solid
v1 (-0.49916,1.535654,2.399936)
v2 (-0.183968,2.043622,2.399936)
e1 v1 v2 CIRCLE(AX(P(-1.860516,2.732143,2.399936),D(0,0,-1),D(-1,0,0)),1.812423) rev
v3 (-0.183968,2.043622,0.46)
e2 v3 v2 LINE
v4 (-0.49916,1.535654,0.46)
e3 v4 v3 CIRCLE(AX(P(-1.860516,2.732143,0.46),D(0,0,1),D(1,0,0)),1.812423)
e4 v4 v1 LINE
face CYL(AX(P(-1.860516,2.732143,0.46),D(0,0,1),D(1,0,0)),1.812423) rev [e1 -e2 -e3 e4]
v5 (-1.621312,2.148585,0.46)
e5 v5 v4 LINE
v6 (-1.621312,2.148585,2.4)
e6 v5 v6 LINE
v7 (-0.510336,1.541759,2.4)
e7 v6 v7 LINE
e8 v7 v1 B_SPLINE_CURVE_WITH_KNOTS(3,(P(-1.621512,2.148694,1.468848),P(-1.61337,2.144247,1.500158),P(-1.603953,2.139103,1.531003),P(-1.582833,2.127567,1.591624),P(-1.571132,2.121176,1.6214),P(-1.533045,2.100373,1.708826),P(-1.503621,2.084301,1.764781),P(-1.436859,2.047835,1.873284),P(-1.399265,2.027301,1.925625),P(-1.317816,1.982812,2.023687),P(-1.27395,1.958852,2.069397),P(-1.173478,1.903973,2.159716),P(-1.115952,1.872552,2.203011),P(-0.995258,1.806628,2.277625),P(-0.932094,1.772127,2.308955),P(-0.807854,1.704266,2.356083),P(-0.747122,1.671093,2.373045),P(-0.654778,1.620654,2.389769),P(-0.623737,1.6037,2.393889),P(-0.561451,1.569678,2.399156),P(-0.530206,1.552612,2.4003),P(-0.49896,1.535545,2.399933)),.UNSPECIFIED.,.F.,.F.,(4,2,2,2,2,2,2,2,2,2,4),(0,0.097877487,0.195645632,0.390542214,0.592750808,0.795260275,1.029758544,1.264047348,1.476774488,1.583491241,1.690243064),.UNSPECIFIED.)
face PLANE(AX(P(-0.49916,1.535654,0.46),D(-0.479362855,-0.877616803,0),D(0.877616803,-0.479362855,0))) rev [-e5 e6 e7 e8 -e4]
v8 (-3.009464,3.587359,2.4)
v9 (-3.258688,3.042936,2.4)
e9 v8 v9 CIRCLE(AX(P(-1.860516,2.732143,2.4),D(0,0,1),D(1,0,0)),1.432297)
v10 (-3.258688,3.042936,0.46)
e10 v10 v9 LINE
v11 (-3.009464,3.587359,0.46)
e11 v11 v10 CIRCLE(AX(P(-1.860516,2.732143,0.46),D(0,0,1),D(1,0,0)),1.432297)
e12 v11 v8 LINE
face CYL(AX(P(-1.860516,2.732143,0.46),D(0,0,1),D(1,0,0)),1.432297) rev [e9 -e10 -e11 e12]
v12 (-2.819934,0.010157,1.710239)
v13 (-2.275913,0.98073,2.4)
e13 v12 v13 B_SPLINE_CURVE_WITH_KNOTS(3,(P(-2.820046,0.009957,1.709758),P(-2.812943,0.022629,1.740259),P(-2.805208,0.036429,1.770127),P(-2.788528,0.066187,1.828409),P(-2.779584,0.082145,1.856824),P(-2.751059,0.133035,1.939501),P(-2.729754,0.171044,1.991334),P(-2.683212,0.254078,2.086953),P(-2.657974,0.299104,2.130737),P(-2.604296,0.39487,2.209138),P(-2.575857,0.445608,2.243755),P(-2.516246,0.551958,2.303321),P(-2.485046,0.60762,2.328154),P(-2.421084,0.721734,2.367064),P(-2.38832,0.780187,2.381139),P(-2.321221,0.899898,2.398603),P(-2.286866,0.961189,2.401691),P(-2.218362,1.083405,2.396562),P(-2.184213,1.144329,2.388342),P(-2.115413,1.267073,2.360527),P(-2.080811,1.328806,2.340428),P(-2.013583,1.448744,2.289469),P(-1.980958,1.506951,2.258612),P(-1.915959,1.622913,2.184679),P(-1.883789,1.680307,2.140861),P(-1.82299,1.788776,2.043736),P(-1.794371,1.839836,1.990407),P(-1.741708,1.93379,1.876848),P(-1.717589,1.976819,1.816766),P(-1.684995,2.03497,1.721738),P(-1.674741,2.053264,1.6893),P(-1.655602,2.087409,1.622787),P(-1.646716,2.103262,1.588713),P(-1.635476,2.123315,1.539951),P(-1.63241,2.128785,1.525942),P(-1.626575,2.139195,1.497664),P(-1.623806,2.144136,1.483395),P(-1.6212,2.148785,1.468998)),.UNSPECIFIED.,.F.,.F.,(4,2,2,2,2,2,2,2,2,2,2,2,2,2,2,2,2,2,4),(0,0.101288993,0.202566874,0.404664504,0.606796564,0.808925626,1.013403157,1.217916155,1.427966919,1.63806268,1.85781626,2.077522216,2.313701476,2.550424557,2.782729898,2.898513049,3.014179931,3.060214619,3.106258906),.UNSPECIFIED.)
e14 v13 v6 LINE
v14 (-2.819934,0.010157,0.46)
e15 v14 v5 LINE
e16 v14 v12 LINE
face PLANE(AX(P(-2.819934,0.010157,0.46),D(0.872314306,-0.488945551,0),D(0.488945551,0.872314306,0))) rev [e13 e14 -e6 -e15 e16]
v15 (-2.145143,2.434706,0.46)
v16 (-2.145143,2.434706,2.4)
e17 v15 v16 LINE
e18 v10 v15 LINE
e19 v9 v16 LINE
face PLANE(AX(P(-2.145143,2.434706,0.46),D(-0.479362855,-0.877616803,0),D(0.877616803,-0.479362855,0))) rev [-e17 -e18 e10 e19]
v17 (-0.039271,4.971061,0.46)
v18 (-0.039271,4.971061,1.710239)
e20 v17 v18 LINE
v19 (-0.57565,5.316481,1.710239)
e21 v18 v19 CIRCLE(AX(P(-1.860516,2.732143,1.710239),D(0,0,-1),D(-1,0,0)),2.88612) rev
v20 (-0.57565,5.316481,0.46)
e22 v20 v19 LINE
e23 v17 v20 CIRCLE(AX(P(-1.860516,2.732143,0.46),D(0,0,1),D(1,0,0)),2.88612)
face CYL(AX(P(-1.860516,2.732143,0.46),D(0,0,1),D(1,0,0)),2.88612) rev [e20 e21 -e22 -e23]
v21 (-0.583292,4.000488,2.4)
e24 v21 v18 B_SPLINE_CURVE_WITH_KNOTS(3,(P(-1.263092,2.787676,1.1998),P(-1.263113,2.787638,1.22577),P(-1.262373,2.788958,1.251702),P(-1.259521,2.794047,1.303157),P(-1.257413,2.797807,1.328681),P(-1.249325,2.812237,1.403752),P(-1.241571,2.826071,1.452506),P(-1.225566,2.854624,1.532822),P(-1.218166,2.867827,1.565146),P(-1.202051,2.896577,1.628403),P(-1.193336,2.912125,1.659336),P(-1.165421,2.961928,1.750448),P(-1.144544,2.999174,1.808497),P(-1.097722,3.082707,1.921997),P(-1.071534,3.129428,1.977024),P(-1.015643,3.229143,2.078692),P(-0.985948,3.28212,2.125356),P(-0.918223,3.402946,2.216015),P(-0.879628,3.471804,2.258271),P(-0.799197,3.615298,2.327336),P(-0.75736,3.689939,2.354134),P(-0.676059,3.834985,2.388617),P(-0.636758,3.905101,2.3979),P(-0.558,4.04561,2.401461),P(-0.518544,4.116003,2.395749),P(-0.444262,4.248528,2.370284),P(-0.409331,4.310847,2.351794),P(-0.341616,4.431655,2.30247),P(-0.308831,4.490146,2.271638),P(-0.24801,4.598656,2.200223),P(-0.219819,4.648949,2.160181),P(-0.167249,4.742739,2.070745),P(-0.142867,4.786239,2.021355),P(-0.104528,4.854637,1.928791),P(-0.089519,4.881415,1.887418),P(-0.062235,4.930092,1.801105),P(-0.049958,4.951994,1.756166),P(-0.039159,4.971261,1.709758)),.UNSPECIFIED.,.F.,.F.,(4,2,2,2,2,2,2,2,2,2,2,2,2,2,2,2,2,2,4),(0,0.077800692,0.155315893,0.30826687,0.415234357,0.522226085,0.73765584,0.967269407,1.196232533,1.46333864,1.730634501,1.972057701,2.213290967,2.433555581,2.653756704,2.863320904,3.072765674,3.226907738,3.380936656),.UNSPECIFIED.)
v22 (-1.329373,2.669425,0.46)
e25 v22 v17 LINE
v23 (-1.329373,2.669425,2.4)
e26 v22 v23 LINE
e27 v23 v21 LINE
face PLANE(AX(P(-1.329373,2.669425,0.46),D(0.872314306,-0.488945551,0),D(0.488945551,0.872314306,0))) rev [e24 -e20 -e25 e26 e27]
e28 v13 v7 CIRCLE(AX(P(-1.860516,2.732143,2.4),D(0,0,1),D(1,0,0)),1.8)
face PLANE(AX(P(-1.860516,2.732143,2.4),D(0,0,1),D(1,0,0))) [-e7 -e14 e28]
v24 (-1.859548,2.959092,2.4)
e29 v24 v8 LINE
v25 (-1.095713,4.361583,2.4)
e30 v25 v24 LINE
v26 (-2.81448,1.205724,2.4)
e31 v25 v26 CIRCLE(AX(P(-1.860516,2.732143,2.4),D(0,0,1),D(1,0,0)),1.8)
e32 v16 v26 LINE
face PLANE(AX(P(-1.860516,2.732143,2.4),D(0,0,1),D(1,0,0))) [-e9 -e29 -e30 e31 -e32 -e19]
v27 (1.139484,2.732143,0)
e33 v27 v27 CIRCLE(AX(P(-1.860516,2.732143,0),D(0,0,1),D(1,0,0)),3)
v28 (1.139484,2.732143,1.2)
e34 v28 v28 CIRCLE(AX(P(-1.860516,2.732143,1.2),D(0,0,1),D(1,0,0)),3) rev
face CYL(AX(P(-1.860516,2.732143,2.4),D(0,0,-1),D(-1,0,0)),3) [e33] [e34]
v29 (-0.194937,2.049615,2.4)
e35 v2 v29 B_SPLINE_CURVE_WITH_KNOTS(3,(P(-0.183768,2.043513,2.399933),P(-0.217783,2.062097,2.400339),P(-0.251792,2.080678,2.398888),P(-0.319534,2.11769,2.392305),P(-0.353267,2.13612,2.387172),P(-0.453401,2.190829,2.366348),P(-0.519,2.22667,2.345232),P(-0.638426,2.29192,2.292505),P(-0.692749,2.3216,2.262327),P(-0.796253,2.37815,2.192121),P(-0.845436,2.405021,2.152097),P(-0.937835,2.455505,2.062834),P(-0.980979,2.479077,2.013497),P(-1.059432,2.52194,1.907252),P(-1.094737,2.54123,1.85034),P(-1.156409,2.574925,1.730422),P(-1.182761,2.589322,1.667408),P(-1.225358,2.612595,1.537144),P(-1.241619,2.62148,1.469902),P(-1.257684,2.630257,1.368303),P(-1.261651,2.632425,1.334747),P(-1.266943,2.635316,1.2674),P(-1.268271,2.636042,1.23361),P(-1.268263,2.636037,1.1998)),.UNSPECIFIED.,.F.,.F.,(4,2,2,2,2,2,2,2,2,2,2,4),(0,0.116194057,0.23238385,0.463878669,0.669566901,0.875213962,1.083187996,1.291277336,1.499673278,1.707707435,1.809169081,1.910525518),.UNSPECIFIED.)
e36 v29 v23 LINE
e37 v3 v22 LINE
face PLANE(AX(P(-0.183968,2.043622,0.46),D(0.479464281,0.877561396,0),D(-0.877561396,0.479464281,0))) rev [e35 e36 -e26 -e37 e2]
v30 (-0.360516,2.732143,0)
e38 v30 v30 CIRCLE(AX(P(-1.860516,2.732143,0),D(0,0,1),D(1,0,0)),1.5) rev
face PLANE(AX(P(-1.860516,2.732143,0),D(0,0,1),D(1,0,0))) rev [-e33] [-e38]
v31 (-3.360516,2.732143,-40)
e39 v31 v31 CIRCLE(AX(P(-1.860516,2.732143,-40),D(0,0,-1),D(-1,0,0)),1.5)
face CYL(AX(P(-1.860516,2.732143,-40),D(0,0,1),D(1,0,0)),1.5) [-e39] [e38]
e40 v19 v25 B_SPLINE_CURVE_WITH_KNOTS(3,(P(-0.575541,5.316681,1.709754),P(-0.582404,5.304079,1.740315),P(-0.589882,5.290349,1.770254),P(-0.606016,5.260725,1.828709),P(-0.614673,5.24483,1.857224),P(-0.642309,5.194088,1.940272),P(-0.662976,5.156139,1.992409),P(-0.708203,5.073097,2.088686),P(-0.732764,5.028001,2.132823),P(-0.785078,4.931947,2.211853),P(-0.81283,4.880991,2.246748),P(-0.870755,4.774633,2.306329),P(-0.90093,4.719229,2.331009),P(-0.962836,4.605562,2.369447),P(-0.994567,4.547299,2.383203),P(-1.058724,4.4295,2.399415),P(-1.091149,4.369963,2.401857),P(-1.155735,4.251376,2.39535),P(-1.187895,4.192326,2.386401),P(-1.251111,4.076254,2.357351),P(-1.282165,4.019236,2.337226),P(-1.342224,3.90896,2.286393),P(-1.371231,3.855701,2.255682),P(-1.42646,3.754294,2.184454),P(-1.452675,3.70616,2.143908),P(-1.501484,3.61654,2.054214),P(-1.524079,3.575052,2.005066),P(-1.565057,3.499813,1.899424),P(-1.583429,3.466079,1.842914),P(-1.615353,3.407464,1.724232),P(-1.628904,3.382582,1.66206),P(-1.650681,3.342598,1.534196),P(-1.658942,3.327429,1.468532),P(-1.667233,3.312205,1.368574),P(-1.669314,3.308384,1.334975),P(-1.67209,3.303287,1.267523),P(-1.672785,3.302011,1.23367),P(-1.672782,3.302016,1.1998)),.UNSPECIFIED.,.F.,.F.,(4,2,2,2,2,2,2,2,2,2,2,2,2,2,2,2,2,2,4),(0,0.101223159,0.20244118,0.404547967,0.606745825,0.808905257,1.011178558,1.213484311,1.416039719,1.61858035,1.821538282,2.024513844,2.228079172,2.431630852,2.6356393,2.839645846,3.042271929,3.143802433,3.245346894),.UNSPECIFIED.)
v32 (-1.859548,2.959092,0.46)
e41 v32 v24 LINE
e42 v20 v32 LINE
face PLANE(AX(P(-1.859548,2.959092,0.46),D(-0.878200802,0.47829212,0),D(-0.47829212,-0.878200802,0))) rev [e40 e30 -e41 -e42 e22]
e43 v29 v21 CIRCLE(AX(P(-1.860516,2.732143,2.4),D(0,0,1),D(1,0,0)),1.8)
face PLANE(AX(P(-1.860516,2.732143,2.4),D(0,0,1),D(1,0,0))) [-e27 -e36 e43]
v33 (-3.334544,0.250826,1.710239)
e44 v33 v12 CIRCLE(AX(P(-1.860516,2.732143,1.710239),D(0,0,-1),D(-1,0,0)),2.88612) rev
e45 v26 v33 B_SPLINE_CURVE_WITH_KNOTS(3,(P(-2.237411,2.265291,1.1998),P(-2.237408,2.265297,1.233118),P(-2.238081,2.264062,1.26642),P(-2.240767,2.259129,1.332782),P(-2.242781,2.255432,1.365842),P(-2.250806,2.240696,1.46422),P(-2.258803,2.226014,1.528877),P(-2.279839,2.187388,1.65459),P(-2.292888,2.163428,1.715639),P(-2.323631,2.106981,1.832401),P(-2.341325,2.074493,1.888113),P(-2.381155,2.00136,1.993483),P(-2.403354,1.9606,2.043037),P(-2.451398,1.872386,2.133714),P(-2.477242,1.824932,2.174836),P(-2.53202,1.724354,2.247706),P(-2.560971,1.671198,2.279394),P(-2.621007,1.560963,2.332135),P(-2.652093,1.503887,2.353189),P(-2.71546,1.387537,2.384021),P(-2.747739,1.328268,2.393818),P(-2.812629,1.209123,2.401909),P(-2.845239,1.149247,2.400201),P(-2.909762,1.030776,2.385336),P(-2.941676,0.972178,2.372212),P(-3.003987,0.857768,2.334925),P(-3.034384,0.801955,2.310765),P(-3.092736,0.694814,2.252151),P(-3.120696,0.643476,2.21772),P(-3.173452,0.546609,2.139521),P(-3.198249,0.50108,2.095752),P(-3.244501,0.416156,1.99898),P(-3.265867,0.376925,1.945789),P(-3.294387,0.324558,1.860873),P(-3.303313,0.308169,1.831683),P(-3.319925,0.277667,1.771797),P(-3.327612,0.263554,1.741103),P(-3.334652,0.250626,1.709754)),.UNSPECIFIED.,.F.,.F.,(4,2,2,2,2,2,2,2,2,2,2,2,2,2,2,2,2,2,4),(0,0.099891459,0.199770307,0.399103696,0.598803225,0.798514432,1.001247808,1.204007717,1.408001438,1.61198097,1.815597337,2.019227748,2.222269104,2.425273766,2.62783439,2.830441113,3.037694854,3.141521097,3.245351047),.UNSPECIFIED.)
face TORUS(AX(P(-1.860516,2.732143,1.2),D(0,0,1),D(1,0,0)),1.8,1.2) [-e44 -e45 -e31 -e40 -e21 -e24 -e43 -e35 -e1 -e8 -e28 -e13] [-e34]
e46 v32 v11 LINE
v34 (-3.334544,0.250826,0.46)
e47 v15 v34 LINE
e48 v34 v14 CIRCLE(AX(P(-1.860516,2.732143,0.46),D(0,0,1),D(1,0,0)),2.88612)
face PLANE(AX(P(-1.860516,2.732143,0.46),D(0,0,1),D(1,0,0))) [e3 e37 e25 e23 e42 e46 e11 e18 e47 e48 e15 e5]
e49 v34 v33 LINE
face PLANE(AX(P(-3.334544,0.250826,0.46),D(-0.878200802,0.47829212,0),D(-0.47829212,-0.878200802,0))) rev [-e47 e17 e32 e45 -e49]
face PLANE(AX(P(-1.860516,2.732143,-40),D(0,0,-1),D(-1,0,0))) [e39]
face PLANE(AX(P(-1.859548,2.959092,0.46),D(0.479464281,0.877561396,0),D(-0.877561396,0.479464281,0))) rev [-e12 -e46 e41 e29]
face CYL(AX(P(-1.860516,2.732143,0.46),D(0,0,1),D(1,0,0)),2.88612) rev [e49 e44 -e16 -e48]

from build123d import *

# Parameters (mm, degrees)
SZKIC1_R                    = 3
DODANIE_WYCI_GNI_CIE2_DEPTH = 2.4
SZKIC2_R                    = 1.5
DODANIE_WYCI_GNI_CIE3_DEPTH = 40
ZAOKR_GLENIE2_R             = 1.2
WYTNIJ_WYCI_GNI_CIE1_DEPTH  = 1.94


with BuildPart() as part:
    # Szkic1 → Dodanie-wyciągnięcie2 (new body)
    with BuildSketch(Plane.XY):
        with Locations((-1.860516246, 2.732142857)):
            Circle(SZKIC1_R)
    extrude(amount=DODANIE_WYCI_GNI_CIE2_DEPTH)

    # Szkic2 → Dodanie-wyciągnięcie3 (add)
    with BuildSketch(Plane(origin=(0, 0, 0), x_dir=(-1, 0, 0), z_dir=(0, 0, -1))):
        with Locations((1.860516246, 2.732142857)):
            Circle(SZKIC2_R)
    extrude(amount=DODANIE_WYCI_GNI_CIE3_DEPTH)

    # Zaokrąglenie2
    zaokr_glenie2_edges = [part.edges().sort_by_distance(p)[0] for p in [
        (-4.860516246, 2.732142857, 2.4),
    ]]
    fillet(zaokr_glenie2_edges, radius=ZAOKR_GLENIE2_R)

    # Szkic3 → Wytnij-wyciągnięcie1 (cut)
    with BuildSketch(Plane.XY.offset(2.4)):
        with BuildLine():
            Line((-1.859548318, 2.959091853), (-0.575649693, 5.316481314))
            ThreePointArc((-0.575649693, 5.316481314), (-0.297886623, 5.158637444), (-0.039271083, 4.97106076))
            Line((-0.039271083, 4.97106076), (-1.329373025, 2.669425378))
            Line((-1.329373025, 2.669425378), (-0.183967515, 2.043621837))
            ThreePointArc((-0.183967515, 2.043621837), (-0.320475658, 1.776553075), (-0.499159616, 1.535654258))
            Line((-0.499159616, 1.535654258), (-1.621312108, 2.148584891))
            Line((-1.621312108, 2.148584891), (-2.819933608, 0.01015725))
            ThreePointArc((-2.819933608, 0.01015725), (-3.083174674, 0.117799023), (-3.33454353, 0.250826496))
            Line((-3.33454353, 0.250826496), (-2.145142944, 2.434706401))
            Line((-2.145142944, 2.434706401), (-3.258687897, 3.042935511))
            ThreePointArc((-3.258687897, 3.042935511), (-3.162842423, 3.328316127), (-3.009463836, 3.587359481))
            Line((-3.009463836, 3.587359481), (-1.859548318, 2.959091853))
        make_face()
    extrude(amount=-WYTNIJ_WYCI_GNI_CIE1_DEPTH, mode=Mode.SUBTRACT)


solid = part.part
